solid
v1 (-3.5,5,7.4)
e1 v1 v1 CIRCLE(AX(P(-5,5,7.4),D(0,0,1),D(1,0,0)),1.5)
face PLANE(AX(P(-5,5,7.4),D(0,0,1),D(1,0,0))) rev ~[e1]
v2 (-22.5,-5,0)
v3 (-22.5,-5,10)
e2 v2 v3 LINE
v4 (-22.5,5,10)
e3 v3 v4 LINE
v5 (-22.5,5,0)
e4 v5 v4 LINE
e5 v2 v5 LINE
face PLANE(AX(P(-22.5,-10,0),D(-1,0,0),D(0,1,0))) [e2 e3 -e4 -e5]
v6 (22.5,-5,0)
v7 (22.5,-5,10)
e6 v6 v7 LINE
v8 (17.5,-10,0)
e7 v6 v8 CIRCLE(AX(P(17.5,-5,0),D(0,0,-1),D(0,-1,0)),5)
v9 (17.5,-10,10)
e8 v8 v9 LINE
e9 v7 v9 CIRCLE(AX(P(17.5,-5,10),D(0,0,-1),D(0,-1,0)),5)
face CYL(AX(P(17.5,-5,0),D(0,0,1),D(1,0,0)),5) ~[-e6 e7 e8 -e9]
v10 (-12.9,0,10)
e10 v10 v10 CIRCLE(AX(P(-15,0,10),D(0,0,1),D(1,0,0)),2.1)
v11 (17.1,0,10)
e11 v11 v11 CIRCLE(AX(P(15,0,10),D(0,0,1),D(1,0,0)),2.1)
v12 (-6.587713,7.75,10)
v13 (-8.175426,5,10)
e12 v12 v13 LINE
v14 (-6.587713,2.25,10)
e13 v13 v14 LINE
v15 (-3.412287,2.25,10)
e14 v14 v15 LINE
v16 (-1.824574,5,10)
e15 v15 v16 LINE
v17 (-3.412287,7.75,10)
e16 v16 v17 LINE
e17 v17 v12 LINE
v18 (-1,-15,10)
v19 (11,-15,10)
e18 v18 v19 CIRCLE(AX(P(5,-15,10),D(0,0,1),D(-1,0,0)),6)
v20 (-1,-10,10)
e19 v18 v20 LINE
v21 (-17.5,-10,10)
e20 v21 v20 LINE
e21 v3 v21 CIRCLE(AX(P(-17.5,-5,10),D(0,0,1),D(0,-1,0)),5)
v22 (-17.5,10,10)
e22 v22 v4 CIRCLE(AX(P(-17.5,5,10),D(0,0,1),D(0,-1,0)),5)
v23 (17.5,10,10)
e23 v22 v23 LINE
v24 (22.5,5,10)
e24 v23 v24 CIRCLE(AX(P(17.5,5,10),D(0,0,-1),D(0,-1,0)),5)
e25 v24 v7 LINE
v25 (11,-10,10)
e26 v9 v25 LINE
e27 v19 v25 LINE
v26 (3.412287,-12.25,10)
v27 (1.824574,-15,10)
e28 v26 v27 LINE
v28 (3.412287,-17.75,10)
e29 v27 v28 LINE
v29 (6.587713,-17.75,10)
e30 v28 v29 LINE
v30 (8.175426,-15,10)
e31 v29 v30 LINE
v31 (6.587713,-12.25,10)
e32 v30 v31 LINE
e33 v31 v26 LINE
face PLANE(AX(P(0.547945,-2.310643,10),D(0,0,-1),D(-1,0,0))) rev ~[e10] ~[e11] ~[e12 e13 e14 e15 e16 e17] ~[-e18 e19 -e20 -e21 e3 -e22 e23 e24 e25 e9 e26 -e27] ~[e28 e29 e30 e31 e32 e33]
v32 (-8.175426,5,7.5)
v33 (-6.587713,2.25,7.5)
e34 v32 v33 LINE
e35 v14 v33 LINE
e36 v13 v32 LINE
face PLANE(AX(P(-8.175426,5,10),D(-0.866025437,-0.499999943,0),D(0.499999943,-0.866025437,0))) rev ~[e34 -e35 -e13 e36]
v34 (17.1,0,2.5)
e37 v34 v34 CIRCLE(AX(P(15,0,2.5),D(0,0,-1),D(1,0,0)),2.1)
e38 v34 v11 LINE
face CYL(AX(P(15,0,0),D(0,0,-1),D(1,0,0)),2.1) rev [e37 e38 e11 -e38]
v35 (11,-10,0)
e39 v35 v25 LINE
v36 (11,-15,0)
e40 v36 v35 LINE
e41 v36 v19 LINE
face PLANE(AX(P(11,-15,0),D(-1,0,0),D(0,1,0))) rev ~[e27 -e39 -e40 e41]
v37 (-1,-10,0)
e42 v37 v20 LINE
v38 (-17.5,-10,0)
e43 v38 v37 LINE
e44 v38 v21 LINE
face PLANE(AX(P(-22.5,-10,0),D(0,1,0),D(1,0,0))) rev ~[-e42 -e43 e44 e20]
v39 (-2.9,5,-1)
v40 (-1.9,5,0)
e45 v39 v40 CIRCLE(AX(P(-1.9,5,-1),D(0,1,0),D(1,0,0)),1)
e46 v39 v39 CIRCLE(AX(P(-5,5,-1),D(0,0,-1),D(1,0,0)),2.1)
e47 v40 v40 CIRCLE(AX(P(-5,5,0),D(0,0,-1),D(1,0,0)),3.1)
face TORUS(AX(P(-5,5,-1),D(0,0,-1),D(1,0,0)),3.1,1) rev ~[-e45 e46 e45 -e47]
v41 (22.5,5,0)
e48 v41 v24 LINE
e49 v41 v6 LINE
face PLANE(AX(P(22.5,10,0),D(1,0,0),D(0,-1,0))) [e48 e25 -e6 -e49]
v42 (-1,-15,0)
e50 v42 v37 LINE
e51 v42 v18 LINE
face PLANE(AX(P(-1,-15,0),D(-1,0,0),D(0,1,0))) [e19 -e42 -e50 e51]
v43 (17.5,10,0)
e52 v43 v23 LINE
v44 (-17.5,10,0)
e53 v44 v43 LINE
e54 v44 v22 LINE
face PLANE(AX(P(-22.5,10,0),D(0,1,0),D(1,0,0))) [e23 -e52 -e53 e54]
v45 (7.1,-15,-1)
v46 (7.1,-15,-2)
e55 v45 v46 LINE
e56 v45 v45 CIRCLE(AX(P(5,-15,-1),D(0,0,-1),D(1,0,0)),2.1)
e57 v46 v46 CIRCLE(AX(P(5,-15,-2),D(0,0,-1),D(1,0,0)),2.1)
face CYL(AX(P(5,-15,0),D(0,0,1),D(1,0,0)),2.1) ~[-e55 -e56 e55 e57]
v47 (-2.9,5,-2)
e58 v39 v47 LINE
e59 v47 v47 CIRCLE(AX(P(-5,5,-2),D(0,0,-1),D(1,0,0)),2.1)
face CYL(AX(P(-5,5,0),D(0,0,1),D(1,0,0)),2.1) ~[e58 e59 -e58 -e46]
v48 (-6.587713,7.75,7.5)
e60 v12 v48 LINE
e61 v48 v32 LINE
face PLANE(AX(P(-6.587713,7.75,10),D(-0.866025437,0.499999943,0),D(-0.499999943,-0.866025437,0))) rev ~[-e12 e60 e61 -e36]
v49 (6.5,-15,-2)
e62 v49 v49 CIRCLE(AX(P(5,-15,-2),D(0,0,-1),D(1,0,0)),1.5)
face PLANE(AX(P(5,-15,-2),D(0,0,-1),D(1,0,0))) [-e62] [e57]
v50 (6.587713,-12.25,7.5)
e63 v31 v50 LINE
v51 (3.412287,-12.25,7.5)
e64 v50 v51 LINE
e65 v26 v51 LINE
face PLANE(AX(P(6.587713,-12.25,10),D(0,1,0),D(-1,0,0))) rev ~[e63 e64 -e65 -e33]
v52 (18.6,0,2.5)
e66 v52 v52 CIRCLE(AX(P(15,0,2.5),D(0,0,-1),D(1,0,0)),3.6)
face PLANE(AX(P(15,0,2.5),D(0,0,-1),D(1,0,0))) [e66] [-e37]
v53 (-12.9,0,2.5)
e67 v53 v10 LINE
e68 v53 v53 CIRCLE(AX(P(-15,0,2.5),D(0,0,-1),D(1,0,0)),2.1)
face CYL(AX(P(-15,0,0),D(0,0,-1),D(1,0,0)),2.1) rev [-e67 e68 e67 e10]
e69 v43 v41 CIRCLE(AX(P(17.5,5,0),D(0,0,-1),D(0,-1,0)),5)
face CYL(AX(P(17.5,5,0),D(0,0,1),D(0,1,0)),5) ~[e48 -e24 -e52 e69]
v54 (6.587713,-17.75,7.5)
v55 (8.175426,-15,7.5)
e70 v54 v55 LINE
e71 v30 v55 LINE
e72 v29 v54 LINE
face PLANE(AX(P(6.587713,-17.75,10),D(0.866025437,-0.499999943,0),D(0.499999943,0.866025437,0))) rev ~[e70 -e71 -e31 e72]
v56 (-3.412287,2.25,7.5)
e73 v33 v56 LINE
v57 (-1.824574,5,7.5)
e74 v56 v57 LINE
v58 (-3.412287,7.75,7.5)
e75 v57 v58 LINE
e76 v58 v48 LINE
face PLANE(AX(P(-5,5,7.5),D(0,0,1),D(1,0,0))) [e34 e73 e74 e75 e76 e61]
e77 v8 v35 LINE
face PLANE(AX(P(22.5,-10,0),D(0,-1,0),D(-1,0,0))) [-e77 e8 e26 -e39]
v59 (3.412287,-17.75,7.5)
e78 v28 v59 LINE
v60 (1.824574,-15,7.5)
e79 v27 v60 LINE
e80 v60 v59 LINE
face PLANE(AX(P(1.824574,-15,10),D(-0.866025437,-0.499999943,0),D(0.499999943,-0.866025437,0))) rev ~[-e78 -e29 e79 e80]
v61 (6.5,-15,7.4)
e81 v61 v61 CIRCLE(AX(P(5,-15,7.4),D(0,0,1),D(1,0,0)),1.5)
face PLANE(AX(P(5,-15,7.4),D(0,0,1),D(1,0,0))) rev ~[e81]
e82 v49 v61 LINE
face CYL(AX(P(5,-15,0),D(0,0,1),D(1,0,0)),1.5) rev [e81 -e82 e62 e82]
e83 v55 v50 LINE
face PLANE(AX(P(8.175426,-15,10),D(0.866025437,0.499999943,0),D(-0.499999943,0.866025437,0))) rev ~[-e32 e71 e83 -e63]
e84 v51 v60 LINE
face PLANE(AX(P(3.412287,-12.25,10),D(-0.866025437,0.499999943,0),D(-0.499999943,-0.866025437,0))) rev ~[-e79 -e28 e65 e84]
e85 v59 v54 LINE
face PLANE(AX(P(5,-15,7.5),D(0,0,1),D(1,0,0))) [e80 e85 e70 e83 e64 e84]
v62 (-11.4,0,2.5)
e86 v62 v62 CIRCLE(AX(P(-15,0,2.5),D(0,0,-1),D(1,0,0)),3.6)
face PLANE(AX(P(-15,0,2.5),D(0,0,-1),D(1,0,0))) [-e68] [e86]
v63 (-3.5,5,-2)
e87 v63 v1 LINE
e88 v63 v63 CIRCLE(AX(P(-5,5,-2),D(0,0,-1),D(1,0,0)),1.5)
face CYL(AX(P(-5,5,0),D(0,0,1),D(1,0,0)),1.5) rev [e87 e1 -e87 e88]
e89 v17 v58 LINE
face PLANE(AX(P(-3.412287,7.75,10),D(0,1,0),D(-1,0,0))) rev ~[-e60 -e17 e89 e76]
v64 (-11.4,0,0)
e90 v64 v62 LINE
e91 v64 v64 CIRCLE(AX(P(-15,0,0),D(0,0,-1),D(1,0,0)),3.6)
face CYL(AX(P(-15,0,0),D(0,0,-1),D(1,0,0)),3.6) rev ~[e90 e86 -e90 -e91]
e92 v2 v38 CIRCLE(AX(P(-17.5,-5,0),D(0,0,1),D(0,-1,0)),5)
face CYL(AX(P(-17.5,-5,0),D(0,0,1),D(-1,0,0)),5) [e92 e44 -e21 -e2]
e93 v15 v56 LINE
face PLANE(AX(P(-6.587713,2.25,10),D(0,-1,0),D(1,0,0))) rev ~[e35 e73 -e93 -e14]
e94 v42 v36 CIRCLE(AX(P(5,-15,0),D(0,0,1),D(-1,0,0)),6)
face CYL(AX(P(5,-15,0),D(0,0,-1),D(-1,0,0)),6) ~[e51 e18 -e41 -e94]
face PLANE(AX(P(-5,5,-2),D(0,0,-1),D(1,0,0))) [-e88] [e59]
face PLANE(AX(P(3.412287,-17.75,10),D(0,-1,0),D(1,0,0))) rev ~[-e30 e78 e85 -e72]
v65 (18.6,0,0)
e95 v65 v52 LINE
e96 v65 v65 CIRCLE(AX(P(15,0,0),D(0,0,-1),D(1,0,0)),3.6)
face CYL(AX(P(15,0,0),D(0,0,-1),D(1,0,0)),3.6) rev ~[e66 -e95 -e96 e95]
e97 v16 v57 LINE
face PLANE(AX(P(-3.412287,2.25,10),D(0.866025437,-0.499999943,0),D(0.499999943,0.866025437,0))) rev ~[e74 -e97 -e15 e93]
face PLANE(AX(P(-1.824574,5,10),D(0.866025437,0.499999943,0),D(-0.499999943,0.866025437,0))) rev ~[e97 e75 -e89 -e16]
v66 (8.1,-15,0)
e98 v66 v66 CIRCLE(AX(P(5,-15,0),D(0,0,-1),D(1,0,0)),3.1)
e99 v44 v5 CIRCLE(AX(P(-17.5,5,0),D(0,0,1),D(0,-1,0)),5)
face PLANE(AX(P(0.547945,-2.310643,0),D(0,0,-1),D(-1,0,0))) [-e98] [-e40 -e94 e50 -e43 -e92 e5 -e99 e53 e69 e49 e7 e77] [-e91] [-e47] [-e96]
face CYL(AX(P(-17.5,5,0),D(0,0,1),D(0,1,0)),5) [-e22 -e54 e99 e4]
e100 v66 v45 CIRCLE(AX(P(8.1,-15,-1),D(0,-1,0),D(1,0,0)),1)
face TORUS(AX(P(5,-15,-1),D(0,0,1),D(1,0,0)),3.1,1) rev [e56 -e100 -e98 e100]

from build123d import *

# Parameters (mm, degrees)
SKETCH_R        = 2.1
SKETCH_R_2      = 1.5
PAD_DEPTH       = 10
POCKET_DEPTH    = 2.5
SKETCH002_R     = 2.1
SKETCH002_R_2   = 1.5
PAD001_DEPTH    = 2
SKETCH003_R     = 3.6
SKETCH003_R_2   = 2.1
POCKET001_DEPTH = 2.5
FILLET_R        = 1
FILLET001_R     = 5
SKETCH004_R     = 1.5
PAD002_DEPTH    = 0.1


with BuildPart() as part:
    # Sketch → Pad (new body)
    with BuildSketch(Plane.XY):
        with BuildLine():
            Line((-22.5, 10), (22.5, 10))
            Line((22.5, 10), (22.5, -10))
            Line((22.5, -10), (11, -10))
            Line((11, -15), (11, -10))
            ThreePointArc((-1, -15), (5, -21), (11, -15))
            Line((-1, -15), (-1, -10))
            Line((-22.5, -10), (-1, -10))
            Line((-22.5, -10), (-22.5, 10))
        make_face()
        with Locations((-15, 0)):
            Circle(SKETCH_R, mode=Mode.SUBTRACT)
        with Locations((15, 0)):
            Circle(SKETCH_R, mode=Mode.SUBTRACT)
        with Locations((-5, 5)):
            Circle(SKETCH_R_2, mode=Mode.SUBTRACT)
        with Locations((5, -15)):
            Circle(SKETCH_R_2, mode=Mode.SUBTRACT)
    extrude(amount=PAD_DEPTH)

    # Sketch001 → Pocket (cut)
    with BuildSketch(Plane.XY.offset(10)):
        Polygon((-3.412287, 2.25), (-1.824574, 5), (-3.412287, 7.75), (-6.587713, 7.75), (-8.175426, 5), (-6.587713, 2.25), align=None)
        Polygon((6.587713, -17.75), (8.175426, -15), (6.587713, -12.25), (3.412287, -12.25), (1.824574, -15), (3.412287, -17.75), align=None)
    extrude(amount=-POCKET_DEPTH, mode=Mode.SUBTRACT)

    # Sketch002 → Pad001 (new body)
    with BuildSketch(Plane(origin=(0, 0, 0), x_dir=(1, 0, 0), z_dir=(0, 0, -1))):
        with Locations((-5, -5)):
            Circle(SKETCH002_R)
        with Locations((-5, -5)):
            Circle(SKETCH002_R_2, mode=Mode.SUBTRACT)
        with Locations((5, 15)):
            Circle(SKETCH002_R)
        with Locations((5, 15)):
            Circle(SKETCH002_R_2, mode=Mode.SUBTRACT)
    extrude(amount=PAD001_DEPTH)

    # Sketch003 → Pocket001 (cut)
    with BuildSketch(Plane(origin=(0, 0, 0), x_dir=(1, 0, 0), z_dir=(0, 0, -1))):
        with Locations((15, 0)):
            Circle(SKETCH003_R)
        with Locations((15, 0)):
            Circle(SKETCH003_R_2, mode=Mode.SUBTRACT)
        with Locations((-15, 0)):
            Circle(SKETCH003_R)
        with Locations((-15, 0)):
            Circle(SKETCH003_R_2, mode=Mode.SUBTRACT)
    extrude(amount=-POCKET001_DEPTH, mode=Mode.SUBTRACT)

    # Fillet
    fillet_edges = [part.edges().sort_by_distance(p)[0] for p in [
        (2.9, -15, 0),
        (-7.1, 5, 0),
    ]]
    fillet(fillet_edges, radius=FILLET_R)

    # Fillet001
    fillet001_edges = [part.edges().sort_by_distance(p)[0] for p in [
        (22.5, 10, 5),
        (22.5, -10, 5),
        (-22.5, 10, 5),
        (-22.5, -10, 5),
    ]]
    fillet(fillet001_edges, radius=FILLET001_R)

    # Sketch004 → Pad002 (new body)
    with BuildSketch(Plane.XY.offset(7.5)):
        with Locations((-5, 5)):
            Circle(SKETCH004_R)
        with Locations((5, -15)):
            Circle(SKETCH004_R)
    extrude(amount=-PAD002_DEPTH)


solid = part.part
